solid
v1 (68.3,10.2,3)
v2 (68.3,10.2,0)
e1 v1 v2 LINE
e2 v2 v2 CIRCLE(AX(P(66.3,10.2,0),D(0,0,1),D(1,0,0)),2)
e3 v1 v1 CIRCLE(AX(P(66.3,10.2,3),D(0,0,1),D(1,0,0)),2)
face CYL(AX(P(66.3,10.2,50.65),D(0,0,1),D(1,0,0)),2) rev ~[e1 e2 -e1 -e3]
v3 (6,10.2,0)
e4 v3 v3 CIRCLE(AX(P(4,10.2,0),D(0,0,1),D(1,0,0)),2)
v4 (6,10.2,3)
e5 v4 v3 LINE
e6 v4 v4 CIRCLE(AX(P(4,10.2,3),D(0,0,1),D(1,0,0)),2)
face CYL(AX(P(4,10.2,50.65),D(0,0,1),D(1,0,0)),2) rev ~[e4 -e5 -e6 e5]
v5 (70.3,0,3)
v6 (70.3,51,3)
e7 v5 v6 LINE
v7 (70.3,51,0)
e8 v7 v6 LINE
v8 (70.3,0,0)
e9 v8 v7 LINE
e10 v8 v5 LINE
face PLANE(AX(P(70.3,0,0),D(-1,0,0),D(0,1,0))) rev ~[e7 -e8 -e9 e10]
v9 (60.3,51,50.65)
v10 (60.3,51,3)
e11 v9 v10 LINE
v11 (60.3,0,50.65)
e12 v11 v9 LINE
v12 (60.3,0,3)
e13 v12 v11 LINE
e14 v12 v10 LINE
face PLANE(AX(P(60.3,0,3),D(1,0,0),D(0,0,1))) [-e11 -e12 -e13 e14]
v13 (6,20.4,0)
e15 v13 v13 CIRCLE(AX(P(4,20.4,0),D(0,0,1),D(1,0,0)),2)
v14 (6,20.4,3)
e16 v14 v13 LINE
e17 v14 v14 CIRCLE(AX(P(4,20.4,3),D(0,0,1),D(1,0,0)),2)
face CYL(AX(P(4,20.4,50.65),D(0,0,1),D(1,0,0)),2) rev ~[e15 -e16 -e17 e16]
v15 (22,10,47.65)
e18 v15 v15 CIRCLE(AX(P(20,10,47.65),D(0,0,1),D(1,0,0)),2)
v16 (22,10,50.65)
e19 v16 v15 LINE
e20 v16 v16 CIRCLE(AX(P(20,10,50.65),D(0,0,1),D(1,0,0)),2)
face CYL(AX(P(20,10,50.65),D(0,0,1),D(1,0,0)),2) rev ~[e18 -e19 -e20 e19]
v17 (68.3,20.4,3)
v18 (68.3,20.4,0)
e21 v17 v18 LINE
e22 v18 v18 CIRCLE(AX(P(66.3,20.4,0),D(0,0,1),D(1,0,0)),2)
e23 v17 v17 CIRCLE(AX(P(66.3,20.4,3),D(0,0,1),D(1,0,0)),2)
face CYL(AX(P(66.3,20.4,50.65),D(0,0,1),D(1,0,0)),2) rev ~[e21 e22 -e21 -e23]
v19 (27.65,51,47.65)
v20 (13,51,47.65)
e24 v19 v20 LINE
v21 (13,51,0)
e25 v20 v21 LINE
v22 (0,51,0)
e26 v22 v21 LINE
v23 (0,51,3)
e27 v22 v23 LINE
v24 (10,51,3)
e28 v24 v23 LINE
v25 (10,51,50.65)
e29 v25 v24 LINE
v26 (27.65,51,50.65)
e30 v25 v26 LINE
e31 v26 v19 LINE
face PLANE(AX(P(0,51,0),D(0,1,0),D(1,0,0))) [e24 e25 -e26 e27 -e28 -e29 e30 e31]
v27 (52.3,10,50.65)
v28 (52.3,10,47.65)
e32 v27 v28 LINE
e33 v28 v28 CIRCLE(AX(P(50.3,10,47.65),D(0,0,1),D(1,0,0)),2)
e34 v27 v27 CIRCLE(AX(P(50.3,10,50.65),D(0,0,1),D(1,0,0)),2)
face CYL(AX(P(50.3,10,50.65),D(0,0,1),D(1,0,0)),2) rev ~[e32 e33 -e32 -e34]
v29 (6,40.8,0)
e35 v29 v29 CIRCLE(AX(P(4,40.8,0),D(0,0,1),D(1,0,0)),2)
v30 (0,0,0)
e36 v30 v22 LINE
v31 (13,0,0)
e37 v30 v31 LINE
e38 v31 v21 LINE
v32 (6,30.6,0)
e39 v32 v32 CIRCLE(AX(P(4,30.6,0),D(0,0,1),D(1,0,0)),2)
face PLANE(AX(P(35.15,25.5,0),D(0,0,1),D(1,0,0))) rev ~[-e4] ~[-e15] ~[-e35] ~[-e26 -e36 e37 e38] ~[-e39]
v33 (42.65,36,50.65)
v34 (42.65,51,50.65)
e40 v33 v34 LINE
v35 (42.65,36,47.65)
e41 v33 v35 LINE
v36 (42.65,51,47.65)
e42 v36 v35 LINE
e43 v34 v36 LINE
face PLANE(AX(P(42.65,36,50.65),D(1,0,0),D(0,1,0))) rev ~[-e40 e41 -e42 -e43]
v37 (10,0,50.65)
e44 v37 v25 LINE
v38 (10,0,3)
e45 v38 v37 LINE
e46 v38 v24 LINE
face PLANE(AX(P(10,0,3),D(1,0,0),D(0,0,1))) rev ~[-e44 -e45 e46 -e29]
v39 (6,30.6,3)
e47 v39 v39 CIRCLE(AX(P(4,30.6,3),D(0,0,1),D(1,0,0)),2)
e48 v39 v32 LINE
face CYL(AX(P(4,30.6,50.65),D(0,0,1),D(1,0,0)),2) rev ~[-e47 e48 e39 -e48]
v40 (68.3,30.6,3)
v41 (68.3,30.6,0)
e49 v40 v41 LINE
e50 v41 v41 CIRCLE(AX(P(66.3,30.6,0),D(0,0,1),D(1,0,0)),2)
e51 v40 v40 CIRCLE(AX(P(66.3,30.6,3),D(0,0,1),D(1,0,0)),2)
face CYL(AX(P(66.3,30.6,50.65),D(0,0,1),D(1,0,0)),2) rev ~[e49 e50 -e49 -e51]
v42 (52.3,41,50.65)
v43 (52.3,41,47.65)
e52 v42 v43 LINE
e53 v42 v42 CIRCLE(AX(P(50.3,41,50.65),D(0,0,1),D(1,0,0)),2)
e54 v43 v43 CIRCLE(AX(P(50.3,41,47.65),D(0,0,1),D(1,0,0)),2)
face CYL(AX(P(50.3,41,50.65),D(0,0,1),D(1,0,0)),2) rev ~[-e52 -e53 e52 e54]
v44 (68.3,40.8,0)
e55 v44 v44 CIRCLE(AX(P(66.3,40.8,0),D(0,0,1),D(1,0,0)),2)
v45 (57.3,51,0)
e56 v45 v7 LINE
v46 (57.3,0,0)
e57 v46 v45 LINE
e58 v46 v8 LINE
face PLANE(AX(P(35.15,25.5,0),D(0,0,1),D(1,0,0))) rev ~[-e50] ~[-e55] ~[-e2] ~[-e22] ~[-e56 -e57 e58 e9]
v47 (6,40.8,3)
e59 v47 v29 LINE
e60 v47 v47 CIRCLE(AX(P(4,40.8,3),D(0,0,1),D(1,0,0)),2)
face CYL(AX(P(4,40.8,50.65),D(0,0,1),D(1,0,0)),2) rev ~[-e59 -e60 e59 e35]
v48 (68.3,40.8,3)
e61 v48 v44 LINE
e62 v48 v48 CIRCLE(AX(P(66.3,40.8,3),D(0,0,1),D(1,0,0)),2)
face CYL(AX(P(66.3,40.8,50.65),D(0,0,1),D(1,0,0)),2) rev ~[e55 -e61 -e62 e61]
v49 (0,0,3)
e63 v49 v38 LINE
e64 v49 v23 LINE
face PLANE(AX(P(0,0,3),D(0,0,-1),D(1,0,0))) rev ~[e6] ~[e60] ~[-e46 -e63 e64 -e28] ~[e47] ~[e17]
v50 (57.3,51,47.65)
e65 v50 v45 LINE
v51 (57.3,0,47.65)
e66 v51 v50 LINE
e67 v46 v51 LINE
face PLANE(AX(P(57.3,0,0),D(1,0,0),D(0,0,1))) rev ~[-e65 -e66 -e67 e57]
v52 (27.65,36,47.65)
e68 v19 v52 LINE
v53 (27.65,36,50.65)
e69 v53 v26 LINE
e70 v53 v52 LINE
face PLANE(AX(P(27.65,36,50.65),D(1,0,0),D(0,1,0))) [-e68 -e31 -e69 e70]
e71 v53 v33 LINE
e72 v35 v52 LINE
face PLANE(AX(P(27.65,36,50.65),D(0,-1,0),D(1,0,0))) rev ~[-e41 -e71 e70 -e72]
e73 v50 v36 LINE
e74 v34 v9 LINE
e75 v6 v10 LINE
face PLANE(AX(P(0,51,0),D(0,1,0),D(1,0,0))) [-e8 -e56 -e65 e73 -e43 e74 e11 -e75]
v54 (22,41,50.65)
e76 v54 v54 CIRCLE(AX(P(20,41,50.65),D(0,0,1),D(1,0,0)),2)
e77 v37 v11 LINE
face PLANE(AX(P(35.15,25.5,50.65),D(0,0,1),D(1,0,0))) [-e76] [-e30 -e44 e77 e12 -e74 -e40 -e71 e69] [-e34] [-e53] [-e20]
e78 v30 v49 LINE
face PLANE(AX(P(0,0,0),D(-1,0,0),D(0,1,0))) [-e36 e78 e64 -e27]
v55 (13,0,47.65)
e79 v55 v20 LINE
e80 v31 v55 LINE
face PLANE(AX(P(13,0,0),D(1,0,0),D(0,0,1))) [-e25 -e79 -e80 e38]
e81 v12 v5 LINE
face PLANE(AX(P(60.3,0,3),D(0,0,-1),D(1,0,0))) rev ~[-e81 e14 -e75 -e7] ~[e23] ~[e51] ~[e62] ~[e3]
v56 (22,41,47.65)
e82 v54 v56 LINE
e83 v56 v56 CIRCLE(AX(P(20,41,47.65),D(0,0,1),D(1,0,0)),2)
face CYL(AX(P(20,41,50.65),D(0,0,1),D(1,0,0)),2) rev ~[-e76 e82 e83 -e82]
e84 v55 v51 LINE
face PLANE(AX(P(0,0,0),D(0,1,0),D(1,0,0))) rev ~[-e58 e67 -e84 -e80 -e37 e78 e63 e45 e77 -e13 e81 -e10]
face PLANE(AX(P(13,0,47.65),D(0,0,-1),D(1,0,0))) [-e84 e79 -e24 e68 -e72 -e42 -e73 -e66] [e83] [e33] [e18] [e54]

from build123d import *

# Parameters (mm, degrees)
SKETCH_W        = 70.3
SKETCH_H        = 51
PAD_DEPTH       = 50.65
SKETCH001_W     = 44.3
SKETCH001_H     = 47.65
SKETCH001_W_2   = 10
POCKET_DEPTH    = 51.001
SKETCH002_R     = 2
SKETCH002_W     = 15
SKETCH002_H     = 15
POCKET001_DEPTH = 50.651


with BuildPart() as part:
    # Sketch → Pad (new body)
    with BuildSketch(Plane.XY):
        with Locations((35.15, 25.5)):
            Rectangle(SKETCH_W, SKETCH_H)
    extrude(amount=PAD_DEPTH)

    # Sketch001 → Pocket (cut, through all)
    with BuildSketch(Plane.XZ):
        with Locations((35.15, 23.825)):
            Rectangle(SKETCH001_W, SKETCH001_H)
        with Locations((5, 26.825)):
            Rectangle(SKETCH001_W_2, SKETCH001_H)
        with Locations((65.3, 26.825)):
            Rectangle(SKETCH001_W_2, SKETCH001_H)
    extrude(amount=-POCKET_DEPTH, mode=Mode.SUBTRACT)

    # Sketch002 → Pocket001 (cut, through all)
    with BuildSketch(Plane.XY.offset(50.65)):
        with Locations((20, 41)):
            Circle(SKETCH002_R)
        with Locations((50.3, 41)):
            Circle(SKETCH002_R)
        with Locations((20, 10)):
            Circle(SKETCH002_R)
        with Locations((50.3, 10)):
            Circle(SKETCH002_R)
        with Locations((4, 40.8)):
            Circle(SKETCH002_R)
        with Locations((4, 30.6)):
            Circle(SKETCH002_R)
        with Locations((4, 20.4)):
            Circle(SKETCH002_R)
        with Locations((4, 10.2)):
            Circle(SKETCH002_R)
        with Locations((66.3, 40.8)):
            Circle(SKETCH002_R)
        with Locations((66.3, 30.6)):
            Circle(SKETCH002_R)
        with Locations((66.3, 20.4)):
            Circle(SKETCH002_R)
        with Locations((66.3, 10.2)):
            Circle(SKETCH002_R)
        with Locations((35.15, 43.5)):
            Rectangle(SKETCH002_W, SKETCH002_H)
    extrude(amount=-POCKET001_DEPTH, mode=Mode.SUBTRACT)


solid = part.part
